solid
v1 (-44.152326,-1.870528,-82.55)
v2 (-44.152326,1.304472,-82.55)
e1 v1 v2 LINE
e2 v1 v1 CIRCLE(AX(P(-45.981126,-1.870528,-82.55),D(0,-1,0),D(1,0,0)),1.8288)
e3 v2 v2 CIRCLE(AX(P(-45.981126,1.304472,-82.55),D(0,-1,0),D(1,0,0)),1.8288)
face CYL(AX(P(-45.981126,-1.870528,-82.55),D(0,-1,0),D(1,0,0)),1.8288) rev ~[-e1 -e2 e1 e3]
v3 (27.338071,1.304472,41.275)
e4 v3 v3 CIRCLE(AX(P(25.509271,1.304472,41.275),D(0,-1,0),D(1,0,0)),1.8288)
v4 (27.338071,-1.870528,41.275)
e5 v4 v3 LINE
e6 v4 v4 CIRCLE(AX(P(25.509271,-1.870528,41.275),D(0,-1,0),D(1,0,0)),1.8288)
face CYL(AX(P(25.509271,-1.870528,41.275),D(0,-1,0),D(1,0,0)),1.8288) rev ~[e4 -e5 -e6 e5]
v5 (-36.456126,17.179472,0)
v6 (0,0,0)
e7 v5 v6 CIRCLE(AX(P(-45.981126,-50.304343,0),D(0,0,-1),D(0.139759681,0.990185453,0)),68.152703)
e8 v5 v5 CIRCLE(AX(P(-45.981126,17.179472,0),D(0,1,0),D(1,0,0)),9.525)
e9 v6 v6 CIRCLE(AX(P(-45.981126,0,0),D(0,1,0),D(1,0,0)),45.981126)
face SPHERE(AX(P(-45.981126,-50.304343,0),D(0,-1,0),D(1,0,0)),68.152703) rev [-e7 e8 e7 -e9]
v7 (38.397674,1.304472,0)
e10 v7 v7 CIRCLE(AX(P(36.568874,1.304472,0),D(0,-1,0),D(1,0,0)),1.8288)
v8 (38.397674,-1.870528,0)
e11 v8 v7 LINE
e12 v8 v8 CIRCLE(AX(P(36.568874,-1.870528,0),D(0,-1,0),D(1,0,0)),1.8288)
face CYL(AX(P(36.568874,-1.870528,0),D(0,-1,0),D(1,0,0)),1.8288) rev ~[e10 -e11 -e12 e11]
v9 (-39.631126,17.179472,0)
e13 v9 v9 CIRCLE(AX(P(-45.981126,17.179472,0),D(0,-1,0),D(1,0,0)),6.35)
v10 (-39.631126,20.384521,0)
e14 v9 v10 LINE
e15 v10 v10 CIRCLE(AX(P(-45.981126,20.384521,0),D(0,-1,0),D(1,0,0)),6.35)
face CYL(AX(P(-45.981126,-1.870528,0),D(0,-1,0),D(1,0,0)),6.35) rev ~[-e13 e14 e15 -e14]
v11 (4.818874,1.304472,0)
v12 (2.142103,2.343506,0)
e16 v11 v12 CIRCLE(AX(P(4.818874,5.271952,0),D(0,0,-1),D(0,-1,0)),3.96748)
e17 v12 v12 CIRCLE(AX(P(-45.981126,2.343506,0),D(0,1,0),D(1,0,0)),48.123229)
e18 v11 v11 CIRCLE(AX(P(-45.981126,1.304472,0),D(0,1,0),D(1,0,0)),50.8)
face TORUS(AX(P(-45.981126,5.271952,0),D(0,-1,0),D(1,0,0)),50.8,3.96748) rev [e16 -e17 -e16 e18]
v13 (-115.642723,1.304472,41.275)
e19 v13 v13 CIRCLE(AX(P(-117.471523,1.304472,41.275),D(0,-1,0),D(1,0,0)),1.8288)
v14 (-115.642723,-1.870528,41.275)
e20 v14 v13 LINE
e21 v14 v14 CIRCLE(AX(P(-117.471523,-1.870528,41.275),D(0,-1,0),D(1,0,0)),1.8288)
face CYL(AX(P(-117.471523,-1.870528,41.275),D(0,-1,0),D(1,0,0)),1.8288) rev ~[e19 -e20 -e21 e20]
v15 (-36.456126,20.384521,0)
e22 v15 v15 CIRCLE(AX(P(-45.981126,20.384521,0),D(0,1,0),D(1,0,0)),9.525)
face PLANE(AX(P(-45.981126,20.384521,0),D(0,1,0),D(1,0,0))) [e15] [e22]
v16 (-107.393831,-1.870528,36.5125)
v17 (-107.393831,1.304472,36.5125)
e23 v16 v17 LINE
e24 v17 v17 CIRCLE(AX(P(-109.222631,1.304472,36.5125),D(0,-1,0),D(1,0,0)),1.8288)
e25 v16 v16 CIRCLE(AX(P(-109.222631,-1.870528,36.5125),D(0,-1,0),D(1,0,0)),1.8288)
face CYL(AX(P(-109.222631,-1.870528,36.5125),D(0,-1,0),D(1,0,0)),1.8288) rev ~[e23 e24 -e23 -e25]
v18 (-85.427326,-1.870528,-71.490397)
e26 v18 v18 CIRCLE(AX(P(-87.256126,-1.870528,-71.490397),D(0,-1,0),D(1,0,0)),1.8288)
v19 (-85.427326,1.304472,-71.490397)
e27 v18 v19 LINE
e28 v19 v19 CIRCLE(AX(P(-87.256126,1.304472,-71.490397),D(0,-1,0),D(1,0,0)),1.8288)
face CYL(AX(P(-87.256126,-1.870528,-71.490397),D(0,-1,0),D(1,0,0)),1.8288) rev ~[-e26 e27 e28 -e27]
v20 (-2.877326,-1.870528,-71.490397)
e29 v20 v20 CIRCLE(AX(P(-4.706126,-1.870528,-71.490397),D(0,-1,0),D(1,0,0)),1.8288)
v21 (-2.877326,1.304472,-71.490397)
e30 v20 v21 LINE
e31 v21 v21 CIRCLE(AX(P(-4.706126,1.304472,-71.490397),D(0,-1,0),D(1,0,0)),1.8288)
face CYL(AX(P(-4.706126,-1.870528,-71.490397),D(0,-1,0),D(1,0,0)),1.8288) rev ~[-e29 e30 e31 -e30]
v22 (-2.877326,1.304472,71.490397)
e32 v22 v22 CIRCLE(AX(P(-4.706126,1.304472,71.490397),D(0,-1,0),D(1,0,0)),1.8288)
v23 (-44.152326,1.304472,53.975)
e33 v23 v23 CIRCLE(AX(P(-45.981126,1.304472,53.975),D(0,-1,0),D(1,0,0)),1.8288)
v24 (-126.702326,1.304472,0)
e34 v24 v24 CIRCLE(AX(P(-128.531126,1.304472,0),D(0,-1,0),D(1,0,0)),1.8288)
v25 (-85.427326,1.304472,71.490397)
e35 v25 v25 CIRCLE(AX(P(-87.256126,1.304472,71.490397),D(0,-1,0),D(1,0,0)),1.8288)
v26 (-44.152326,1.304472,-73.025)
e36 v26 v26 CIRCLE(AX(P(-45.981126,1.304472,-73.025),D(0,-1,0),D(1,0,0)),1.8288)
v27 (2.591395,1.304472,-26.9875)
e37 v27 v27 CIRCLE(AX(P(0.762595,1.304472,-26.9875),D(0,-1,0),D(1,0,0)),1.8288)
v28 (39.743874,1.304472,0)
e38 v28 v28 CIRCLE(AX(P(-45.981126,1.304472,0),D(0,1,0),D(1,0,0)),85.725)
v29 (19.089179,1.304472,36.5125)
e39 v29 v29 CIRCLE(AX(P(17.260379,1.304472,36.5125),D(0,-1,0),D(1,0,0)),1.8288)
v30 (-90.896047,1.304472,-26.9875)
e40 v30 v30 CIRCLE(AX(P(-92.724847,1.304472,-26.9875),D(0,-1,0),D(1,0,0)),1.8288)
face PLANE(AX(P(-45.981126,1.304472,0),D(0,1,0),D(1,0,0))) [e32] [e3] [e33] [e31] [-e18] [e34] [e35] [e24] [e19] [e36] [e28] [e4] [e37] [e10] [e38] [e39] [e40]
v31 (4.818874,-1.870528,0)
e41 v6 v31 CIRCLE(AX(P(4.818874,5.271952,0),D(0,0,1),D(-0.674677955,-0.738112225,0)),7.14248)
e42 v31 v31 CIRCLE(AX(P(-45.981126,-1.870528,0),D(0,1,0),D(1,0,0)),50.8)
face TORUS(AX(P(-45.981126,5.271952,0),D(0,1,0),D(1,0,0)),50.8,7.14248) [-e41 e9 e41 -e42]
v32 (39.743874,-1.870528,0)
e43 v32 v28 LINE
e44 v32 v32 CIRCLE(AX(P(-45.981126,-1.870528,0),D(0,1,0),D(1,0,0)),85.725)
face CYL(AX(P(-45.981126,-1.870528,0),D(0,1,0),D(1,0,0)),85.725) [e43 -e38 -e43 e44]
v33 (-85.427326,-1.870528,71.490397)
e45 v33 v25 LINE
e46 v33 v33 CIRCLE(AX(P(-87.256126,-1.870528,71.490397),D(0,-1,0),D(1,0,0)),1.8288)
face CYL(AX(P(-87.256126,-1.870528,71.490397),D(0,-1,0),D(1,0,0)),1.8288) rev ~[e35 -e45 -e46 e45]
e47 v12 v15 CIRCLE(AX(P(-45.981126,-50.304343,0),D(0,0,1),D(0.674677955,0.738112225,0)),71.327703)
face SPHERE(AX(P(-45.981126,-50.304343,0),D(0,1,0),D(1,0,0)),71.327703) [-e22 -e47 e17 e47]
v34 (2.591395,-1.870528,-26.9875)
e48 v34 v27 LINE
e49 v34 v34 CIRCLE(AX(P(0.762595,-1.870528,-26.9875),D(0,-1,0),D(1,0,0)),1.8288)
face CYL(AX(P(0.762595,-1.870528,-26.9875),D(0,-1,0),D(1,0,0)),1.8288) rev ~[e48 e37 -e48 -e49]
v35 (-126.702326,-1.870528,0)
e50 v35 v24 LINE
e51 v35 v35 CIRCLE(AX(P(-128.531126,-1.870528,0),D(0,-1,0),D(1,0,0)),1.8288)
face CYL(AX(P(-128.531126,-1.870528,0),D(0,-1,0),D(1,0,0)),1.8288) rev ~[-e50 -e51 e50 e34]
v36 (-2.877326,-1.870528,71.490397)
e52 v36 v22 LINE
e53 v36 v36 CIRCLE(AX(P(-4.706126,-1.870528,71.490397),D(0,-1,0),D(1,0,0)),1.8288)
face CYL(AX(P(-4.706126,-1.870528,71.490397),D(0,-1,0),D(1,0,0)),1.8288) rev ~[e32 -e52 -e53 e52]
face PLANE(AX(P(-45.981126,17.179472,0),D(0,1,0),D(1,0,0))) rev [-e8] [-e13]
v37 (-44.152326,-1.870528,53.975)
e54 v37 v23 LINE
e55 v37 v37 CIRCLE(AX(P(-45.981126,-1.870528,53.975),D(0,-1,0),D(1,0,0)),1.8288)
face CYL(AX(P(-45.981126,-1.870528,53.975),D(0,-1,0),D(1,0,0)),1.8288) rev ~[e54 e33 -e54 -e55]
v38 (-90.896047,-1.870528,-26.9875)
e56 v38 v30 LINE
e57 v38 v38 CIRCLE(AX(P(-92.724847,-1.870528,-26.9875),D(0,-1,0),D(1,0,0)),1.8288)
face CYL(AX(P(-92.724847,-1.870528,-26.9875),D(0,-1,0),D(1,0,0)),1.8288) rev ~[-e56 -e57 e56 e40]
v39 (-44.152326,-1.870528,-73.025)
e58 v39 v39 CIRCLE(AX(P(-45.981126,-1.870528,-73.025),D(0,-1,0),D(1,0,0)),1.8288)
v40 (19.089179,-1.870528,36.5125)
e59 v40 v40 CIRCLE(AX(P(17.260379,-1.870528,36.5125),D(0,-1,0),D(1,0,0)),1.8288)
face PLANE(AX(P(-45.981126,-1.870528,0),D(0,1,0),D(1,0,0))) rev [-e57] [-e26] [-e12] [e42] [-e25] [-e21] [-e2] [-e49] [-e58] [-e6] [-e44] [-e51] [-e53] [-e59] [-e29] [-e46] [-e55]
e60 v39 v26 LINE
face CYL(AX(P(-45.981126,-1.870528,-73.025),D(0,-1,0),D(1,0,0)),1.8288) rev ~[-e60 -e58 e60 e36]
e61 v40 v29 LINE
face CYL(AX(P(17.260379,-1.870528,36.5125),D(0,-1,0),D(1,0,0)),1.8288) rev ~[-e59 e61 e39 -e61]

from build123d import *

# Parameters (mm, degrees)
F2_R     = 1.8288
F3_DEPTH = 3.175
F4_R     = 1.8288
F4_R_2   = 6.35
F5_DEPTH = 22.2550495781


with BuildPart() as f1:
    # F0 (on Top) → F1 (revolve)
    with BuildSketch(Plane.XY):
        with BuildLine():
            ThreePointArc((-36.4561261994, 17.1794718059), (-16.929171458, 11.3460812753), (0, 0))
            ThreePointArc((0, 0), (2.2342838703, -1.3864951183), (4.8188738006, -1.8705281941))
            Line((4.8188738006, -1.8705281941), (39.7438738006, -1.8705281941))
            Line((39.7438738006, -1.8705281941), (39.7438738006, 1.3044718059))
            Line((39.7438738006, 1.3044718059), (4.8188738006, 1.3044718059))
            ThreePointArc((4.8188738006, 1.3044718059), (3.3831947568, 1.5733408189), (2.1421025074, 2.3435063149))
            ThreePointArc((2.1421025074, 2.3435063149), (-15.7784918037, 14.3133175148), (-36.4561261994, 20.3845213841))
            Line((-36.4561261994, 20.3845213841), (-45.9811261994, 20.3845213841))
            Line((-45.9811261994, 20.3845213841), (-45.9811261994, 17.1794718059))
            Line((-45.9811261994, 17.1794718059), (-36.4561261994, 17.1794718059))
        make_face()
    revolve(axis=Axis((-45.9811261994, 7.6544718059, 0), (0, 1, 0)))

    # F2 (on face) → F3 (cut, through all)
    with BuildSketch(Plane.XZ.offset(1.8705281941)):
        with Locations((-87.2561261994, 71.4903970824)):
            Circle(F2_R)
        with Locations((-4.7061261994, 71.4903970824)):
            Circle(F2_R)
        with Locations((36.5688738006, 0)):
            Circle(F2_R)
        with Locations((-4.7061261994, -71.4903970824)):
            Circle(F2_R)
        with Locations((-87.2561261994, -71.4903970824)):
            Circle(F2_R)
        with Locations((-128.5311261994, 0)):
            Circle(F2_R)
        with Locations((-117.4715232818, 41.275)):
            Circle(F2_R)
        with Locations((25.509270883, 41.275)):
            Circle(F2_R)
        with Locations((-45.9811261994, -82.55)):
            Circle(F2_R)
    extrude(amount=-F3_DEPTH, mode=Mode.SUBTRACT)

    # F4 (on face) → F5 (cut, through all)
    with BuildSketch(Plane.XZ.offset(1.8705281941)):
        with Locations((-109.2226313107, 36.5125)):
            Circle(F4_R)
        with Locations((17.260378912, 36.5125)):
            Circle(F4_R)
        with Locations((-45.9811261994, -73.025)):
            Circle(F4_R)
        with Locations((-45.9811261994, 0)):
            Circle(F4_R_2)
        with Locations((-45.9811261994, 53.975)):
            Circle(F4_R)
        with Locations((-92.7248473687, -26.9875)):
            Circle(F4_R)
        with Locations((0.7625949699, -26.9875)):
            Circle(F4_R)
    extrude(amount=-F5_DEPTH, mode=Mode.SUBTRACT)


solid = f1.part
